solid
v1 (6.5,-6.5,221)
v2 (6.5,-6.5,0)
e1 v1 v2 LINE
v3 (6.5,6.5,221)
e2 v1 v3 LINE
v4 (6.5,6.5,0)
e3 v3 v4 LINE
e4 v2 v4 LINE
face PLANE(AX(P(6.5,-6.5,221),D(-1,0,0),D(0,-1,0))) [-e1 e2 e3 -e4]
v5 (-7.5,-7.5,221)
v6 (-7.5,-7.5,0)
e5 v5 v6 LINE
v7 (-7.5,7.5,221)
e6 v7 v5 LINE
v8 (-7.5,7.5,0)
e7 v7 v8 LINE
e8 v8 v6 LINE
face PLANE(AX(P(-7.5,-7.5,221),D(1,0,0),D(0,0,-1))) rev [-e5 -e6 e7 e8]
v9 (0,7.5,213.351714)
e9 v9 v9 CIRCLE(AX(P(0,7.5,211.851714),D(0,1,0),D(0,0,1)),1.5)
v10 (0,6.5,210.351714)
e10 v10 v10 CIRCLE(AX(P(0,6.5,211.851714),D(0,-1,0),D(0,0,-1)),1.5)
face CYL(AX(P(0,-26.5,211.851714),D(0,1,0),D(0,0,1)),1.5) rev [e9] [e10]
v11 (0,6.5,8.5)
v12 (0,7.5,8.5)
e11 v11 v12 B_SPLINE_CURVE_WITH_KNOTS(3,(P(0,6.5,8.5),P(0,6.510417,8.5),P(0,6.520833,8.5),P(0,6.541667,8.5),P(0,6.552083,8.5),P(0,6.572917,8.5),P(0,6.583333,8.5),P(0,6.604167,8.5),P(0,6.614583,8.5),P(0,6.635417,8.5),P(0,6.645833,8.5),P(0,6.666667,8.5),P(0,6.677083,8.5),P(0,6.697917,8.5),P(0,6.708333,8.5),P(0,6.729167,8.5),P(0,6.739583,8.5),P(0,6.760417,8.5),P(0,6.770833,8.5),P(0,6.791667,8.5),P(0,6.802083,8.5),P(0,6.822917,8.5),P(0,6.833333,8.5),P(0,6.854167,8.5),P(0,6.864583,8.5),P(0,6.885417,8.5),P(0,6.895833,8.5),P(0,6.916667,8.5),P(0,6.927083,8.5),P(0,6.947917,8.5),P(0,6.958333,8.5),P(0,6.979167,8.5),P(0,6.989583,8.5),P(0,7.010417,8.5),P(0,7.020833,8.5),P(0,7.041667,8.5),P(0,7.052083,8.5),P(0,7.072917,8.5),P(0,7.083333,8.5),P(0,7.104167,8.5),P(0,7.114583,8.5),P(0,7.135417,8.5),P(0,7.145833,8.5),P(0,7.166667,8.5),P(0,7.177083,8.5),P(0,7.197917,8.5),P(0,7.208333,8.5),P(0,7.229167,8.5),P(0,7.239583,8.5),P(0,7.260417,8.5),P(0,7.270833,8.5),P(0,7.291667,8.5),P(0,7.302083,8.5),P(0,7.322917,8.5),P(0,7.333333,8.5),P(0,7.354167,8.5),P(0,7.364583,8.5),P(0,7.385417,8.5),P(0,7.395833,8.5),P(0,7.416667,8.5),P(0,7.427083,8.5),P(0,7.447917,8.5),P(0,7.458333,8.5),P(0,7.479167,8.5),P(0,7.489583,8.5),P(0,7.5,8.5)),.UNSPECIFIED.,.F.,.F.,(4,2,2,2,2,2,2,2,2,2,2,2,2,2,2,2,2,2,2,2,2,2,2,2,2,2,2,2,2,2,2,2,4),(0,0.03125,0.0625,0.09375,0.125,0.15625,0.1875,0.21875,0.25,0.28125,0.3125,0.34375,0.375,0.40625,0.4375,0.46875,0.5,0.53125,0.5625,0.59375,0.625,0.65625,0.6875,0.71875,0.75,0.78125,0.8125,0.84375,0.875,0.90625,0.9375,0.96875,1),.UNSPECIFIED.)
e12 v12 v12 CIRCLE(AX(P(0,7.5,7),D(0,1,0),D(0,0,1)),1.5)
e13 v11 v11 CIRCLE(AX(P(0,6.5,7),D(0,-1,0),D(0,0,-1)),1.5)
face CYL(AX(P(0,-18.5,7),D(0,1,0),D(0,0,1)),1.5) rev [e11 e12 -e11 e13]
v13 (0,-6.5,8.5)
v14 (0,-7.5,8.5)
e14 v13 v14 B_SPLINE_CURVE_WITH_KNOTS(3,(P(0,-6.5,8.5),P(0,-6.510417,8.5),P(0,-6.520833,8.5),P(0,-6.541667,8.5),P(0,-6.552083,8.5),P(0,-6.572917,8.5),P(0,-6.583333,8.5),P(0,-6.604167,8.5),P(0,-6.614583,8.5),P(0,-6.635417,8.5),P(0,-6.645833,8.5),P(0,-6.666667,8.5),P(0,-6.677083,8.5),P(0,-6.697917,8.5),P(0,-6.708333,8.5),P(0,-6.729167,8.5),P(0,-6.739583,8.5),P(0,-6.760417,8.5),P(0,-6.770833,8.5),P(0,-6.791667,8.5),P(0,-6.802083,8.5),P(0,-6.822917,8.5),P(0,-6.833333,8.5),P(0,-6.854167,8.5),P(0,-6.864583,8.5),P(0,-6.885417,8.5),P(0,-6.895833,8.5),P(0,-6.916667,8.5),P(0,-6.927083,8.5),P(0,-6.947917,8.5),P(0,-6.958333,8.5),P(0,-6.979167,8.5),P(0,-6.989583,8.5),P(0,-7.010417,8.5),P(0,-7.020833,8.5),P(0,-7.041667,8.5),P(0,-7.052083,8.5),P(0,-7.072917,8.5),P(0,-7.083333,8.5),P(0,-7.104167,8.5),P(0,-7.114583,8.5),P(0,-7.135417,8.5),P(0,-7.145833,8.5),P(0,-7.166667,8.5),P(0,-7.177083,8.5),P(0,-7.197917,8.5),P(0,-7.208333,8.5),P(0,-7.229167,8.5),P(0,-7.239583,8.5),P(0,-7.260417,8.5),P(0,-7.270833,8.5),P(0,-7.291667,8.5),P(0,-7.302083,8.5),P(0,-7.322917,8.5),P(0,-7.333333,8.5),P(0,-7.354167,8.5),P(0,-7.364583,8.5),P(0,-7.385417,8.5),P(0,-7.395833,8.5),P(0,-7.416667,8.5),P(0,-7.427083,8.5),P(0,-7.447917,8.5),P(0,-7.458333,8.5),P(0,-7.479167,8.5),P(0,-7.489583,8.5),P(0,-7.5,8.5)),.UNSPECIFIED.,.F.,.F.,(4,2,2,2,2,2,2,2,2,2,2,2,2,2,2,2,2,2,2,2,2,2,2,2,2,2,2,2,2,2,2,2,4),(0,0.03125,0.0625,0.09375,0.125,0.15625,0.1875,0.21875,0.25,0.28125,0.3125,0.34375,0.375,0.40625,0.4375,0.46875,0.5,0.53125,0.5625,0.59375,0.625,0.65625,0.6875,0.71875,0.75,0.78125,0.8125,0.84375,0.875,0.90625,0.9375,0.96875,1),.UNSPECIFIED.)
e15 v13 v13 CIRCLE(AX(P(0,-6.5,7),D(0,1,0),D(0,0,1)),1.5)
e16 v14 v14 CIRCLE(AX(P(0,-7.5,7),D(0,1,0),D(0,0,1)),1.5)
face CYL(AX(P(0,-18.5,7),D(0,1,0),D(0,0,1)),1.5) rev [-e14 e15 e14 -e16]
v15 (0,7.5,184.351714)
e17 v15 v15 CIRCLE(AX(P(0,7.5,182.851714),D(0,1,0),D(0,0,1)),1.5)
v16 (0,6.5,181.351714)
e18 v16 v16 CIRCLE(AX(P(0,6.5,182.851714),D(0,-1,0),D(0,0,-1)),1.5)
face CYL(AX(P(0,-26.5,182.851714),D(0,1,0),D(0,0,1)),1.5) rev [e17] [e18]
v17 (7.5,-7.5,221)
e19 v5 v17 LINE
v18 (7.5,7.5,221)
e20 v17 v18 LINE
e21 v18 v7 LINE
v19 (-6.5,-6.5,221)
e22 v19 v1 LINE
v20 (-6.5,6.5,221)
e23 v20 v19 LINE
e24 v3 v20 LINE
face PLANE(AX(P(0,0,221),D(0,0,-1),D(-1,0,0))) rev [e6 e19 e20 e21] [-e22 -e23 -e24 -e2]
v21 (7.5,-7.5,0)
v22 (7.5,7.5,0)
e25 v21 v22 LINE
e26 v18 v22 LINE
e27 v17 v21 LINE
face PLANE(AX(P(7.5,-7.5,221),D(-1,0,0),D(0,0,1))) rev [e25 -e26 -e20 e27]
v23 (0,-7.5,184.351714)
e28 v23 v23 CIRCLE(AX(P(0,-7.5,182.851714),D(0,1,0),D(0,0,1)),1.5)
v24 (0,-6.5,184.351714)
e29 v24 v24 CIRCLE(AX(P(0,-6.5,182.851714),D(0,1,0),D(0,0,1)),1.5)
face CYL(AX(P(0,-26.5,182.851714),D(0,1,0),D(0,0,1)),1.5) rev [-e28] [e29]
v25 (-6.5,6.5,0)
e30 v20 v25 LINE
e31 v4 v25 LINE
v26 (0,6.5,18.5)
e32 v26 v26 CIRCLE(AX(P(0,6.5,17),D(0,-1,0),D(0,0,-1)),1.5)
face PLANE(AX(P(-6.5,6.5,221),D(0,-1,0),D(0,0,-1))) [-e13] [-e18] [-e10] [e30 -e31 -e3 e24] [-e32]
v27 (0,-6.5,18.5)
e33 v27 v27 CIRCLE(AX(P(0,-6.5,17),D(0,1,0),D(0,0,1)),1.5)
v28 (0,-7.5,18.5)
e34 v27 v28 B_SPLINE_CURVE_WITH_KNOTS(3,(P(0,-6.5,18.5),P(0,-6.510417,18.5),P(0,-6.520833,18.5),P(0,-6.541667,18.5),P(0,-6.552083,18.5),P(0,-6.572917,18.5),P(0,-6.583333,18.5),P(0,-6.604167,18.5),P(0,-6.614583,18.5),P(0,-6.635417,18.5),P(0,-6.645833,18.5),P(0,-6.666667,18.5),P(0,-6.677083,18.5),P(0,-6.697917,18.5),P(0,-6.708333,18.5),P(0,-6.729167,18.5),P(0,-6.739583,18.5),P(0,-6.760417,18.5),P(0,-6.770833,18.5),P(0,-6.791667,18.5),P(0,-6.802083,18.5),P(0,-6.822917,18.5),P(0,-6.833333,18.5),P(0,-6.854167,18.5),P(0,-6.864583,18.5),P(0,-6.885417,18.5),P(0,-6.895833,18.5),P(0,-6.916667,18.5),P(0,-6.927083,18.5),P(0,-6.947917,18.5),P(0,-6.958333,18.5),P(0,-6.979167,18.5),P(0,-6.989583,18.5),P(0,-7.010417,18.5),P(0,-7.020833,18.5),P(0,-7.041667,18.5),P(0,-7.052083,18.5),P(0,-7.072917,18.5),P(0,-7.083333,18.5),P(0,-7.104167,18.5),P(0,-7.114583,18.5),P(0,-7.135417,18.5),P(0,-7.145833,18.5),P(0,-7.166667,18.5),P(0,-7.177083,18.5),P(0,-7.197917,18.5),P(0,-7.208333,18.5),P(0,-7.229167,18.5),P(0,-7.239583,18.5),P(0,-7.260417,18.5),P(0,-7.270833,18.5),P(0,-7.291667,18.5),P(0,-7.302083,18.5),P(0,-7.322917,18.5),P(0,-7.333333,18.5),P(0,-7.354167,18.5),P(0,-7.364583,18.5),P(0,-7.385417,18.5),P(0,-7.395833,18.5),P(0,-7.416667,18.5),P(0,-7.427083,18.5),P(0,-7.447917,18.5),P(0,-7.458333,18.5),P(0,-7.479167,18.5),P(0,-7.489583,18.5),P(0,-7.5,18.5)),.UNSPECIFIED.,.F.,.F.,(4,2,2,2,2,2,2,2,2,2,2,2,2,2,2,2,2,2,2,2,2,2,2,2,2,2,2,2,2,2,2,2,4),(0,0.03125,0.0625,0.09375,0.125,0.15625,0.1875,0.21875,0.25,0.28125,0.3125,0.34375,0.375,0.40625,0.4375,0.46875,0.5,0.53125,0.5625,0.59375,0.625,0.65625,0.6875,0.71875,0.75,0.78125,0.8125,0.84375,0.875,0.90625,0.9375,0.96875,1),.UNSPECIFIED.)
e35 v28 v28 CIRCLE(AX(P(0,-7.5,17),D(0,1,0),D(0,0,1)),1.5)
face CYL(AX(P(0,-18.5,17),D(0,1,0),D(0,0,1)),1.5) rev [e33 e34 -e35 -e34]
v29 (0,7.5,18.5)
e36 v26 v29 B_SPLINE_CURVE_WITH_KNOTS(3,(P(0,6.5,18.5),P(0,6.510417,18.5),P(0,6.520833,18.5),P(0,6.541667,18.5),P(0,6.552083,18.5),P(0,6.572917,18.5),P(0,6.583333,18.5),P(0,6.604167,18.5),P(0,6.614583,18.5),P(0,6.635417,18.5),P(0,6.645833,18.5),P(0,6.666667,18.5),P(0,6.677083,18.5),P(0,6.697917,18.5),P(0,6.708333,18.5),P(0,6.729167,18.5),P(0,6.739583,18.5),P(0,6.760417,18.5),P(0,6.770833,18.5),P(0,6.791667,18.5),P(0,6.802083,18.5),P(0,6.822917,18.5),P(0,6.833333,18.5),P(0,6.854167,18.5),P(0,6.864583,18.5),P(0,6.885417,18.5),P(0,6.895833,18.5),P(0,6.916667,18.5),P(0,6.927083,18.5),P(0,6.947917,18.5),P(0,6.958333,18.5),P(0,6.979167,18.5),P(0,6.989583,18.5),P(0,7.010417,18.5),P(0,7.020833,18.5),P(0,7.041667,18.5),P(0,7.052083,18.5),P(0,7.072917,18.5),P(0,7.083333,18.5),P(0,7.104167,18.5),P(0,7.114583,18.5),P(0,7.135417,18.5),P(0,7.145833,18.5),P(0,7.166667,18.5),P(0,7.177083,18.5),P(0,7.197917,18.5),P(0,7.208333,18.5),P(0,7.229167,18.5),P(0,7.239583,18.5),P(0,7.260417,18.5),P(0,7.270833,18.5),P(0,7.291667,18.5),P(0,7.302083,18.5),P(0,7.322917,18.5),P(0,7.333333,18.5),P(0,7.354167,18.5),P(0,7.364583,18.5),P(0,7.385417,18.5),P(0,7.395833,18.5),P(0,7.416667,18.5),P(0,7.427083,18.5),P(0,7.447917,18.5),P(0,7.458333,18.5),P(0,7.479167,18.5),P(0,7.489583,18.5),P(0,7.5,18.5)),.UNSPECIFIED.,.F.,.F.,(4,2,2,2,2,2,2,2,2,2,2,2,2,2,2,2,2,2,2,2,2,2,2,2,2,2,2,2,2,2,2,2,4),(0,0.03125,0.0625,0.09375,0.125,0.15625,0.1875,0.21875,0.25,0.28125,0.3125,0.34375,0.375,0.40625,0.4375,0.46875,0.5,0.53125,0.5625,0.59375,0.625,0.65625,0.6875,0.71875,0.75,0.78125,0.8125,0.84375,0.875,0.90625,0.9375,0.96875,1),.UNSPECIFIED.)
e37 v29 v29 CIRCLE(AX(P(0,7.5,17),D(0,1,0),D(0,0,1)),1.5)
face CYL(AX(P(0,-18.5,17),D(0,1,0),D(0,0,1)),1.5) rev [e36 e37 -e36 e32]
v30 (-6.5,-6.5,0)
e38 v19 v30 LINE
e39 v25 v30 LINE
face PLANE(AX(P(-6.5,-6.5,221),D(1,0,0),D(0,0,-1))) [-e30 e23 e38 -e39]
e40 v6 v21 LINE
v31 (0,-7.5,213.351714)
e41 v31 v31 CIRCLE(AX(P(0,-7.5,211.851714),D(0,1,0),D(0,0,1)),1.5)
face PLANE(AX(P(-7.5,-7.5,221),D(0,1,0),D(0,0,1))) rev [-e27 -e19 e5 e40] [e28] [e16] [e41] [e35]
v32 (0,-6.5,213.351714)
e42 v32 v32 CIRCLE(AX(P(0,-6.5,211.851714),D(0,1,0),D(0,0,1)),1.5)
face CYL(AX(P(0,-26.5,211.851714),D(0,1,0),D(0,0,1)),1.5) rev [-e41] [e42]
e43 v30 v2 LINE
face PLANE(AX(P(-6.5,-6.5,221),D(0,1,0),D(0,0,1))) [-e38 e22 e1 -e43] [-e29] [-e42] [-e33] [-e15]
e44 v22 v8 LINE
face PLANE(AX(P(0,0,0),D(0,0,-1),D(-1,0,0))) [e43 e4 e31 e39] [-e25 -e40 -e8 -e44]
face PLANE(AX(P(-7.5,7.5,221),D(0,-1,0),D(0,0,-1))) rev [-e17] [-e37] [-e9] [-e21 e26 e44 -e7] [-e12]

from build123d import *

# Parameters (mm, degrees)
SKETCH1_W           = 15
SKETCH1_H           = 15
SKETCH1_W_2         = 13
SKETCH1_H_2         = 13
BOSS_EXTRUDE1_DEPTH = 221
SKETCH4_R           = 1.5
CUT_EXTRUDE1_DEPTH  = 26
SKETCH5_R           = 1.5
CUT_EXTRUDE2_DEPTH  = 34


with BuildPart() as part:
    # Sketch1 → Boss-Extrude1 (new body)
    with BuildSketch(Plane.XY):
        Rectangle(SKETCH1_W, SKETCH1_H)
        Rectangle(SKETCH1_W_2, SKETCH1_H_2, mode=Mode.SUBTRACT)
    extrude(amount=BOSS_EXTRUDE1_DEPTH)

    # Sketch4 → Cut-Extrude1 (cut)
    with BuildSketch(Plane(origin=(0, 7.5, 0), x_dir=(1, 0, 0), z_dir=(0, 1, 0))):
        with Locations((0, -7)):
            Circle(SKETCH4_R)
        with Locations((0, -17)):
            Circle(SKETCH4_R)
    extrude(amount=-CUT_EXTRUDE1_DEPTH, mode=Mode.SUBTRACT)

    # Sketch5 → Cut-Extrude2 (cut)
    with BuildSketch(Plane(origin=(0, 7.5, 0), x_dir=(1, 0, 0), z_dir=(0, 1, 0))):
        with Locations((0, -182.85171377)):
            Circle(SKETCH5_R)
        with Locations((0, -211.85171377)):
            Circle(SKETCH5_R)
    extrude(amount=-CUT_EXTRUDE2_DEPTH, mode=Mode.SUBTRACT)


solid = part.part
